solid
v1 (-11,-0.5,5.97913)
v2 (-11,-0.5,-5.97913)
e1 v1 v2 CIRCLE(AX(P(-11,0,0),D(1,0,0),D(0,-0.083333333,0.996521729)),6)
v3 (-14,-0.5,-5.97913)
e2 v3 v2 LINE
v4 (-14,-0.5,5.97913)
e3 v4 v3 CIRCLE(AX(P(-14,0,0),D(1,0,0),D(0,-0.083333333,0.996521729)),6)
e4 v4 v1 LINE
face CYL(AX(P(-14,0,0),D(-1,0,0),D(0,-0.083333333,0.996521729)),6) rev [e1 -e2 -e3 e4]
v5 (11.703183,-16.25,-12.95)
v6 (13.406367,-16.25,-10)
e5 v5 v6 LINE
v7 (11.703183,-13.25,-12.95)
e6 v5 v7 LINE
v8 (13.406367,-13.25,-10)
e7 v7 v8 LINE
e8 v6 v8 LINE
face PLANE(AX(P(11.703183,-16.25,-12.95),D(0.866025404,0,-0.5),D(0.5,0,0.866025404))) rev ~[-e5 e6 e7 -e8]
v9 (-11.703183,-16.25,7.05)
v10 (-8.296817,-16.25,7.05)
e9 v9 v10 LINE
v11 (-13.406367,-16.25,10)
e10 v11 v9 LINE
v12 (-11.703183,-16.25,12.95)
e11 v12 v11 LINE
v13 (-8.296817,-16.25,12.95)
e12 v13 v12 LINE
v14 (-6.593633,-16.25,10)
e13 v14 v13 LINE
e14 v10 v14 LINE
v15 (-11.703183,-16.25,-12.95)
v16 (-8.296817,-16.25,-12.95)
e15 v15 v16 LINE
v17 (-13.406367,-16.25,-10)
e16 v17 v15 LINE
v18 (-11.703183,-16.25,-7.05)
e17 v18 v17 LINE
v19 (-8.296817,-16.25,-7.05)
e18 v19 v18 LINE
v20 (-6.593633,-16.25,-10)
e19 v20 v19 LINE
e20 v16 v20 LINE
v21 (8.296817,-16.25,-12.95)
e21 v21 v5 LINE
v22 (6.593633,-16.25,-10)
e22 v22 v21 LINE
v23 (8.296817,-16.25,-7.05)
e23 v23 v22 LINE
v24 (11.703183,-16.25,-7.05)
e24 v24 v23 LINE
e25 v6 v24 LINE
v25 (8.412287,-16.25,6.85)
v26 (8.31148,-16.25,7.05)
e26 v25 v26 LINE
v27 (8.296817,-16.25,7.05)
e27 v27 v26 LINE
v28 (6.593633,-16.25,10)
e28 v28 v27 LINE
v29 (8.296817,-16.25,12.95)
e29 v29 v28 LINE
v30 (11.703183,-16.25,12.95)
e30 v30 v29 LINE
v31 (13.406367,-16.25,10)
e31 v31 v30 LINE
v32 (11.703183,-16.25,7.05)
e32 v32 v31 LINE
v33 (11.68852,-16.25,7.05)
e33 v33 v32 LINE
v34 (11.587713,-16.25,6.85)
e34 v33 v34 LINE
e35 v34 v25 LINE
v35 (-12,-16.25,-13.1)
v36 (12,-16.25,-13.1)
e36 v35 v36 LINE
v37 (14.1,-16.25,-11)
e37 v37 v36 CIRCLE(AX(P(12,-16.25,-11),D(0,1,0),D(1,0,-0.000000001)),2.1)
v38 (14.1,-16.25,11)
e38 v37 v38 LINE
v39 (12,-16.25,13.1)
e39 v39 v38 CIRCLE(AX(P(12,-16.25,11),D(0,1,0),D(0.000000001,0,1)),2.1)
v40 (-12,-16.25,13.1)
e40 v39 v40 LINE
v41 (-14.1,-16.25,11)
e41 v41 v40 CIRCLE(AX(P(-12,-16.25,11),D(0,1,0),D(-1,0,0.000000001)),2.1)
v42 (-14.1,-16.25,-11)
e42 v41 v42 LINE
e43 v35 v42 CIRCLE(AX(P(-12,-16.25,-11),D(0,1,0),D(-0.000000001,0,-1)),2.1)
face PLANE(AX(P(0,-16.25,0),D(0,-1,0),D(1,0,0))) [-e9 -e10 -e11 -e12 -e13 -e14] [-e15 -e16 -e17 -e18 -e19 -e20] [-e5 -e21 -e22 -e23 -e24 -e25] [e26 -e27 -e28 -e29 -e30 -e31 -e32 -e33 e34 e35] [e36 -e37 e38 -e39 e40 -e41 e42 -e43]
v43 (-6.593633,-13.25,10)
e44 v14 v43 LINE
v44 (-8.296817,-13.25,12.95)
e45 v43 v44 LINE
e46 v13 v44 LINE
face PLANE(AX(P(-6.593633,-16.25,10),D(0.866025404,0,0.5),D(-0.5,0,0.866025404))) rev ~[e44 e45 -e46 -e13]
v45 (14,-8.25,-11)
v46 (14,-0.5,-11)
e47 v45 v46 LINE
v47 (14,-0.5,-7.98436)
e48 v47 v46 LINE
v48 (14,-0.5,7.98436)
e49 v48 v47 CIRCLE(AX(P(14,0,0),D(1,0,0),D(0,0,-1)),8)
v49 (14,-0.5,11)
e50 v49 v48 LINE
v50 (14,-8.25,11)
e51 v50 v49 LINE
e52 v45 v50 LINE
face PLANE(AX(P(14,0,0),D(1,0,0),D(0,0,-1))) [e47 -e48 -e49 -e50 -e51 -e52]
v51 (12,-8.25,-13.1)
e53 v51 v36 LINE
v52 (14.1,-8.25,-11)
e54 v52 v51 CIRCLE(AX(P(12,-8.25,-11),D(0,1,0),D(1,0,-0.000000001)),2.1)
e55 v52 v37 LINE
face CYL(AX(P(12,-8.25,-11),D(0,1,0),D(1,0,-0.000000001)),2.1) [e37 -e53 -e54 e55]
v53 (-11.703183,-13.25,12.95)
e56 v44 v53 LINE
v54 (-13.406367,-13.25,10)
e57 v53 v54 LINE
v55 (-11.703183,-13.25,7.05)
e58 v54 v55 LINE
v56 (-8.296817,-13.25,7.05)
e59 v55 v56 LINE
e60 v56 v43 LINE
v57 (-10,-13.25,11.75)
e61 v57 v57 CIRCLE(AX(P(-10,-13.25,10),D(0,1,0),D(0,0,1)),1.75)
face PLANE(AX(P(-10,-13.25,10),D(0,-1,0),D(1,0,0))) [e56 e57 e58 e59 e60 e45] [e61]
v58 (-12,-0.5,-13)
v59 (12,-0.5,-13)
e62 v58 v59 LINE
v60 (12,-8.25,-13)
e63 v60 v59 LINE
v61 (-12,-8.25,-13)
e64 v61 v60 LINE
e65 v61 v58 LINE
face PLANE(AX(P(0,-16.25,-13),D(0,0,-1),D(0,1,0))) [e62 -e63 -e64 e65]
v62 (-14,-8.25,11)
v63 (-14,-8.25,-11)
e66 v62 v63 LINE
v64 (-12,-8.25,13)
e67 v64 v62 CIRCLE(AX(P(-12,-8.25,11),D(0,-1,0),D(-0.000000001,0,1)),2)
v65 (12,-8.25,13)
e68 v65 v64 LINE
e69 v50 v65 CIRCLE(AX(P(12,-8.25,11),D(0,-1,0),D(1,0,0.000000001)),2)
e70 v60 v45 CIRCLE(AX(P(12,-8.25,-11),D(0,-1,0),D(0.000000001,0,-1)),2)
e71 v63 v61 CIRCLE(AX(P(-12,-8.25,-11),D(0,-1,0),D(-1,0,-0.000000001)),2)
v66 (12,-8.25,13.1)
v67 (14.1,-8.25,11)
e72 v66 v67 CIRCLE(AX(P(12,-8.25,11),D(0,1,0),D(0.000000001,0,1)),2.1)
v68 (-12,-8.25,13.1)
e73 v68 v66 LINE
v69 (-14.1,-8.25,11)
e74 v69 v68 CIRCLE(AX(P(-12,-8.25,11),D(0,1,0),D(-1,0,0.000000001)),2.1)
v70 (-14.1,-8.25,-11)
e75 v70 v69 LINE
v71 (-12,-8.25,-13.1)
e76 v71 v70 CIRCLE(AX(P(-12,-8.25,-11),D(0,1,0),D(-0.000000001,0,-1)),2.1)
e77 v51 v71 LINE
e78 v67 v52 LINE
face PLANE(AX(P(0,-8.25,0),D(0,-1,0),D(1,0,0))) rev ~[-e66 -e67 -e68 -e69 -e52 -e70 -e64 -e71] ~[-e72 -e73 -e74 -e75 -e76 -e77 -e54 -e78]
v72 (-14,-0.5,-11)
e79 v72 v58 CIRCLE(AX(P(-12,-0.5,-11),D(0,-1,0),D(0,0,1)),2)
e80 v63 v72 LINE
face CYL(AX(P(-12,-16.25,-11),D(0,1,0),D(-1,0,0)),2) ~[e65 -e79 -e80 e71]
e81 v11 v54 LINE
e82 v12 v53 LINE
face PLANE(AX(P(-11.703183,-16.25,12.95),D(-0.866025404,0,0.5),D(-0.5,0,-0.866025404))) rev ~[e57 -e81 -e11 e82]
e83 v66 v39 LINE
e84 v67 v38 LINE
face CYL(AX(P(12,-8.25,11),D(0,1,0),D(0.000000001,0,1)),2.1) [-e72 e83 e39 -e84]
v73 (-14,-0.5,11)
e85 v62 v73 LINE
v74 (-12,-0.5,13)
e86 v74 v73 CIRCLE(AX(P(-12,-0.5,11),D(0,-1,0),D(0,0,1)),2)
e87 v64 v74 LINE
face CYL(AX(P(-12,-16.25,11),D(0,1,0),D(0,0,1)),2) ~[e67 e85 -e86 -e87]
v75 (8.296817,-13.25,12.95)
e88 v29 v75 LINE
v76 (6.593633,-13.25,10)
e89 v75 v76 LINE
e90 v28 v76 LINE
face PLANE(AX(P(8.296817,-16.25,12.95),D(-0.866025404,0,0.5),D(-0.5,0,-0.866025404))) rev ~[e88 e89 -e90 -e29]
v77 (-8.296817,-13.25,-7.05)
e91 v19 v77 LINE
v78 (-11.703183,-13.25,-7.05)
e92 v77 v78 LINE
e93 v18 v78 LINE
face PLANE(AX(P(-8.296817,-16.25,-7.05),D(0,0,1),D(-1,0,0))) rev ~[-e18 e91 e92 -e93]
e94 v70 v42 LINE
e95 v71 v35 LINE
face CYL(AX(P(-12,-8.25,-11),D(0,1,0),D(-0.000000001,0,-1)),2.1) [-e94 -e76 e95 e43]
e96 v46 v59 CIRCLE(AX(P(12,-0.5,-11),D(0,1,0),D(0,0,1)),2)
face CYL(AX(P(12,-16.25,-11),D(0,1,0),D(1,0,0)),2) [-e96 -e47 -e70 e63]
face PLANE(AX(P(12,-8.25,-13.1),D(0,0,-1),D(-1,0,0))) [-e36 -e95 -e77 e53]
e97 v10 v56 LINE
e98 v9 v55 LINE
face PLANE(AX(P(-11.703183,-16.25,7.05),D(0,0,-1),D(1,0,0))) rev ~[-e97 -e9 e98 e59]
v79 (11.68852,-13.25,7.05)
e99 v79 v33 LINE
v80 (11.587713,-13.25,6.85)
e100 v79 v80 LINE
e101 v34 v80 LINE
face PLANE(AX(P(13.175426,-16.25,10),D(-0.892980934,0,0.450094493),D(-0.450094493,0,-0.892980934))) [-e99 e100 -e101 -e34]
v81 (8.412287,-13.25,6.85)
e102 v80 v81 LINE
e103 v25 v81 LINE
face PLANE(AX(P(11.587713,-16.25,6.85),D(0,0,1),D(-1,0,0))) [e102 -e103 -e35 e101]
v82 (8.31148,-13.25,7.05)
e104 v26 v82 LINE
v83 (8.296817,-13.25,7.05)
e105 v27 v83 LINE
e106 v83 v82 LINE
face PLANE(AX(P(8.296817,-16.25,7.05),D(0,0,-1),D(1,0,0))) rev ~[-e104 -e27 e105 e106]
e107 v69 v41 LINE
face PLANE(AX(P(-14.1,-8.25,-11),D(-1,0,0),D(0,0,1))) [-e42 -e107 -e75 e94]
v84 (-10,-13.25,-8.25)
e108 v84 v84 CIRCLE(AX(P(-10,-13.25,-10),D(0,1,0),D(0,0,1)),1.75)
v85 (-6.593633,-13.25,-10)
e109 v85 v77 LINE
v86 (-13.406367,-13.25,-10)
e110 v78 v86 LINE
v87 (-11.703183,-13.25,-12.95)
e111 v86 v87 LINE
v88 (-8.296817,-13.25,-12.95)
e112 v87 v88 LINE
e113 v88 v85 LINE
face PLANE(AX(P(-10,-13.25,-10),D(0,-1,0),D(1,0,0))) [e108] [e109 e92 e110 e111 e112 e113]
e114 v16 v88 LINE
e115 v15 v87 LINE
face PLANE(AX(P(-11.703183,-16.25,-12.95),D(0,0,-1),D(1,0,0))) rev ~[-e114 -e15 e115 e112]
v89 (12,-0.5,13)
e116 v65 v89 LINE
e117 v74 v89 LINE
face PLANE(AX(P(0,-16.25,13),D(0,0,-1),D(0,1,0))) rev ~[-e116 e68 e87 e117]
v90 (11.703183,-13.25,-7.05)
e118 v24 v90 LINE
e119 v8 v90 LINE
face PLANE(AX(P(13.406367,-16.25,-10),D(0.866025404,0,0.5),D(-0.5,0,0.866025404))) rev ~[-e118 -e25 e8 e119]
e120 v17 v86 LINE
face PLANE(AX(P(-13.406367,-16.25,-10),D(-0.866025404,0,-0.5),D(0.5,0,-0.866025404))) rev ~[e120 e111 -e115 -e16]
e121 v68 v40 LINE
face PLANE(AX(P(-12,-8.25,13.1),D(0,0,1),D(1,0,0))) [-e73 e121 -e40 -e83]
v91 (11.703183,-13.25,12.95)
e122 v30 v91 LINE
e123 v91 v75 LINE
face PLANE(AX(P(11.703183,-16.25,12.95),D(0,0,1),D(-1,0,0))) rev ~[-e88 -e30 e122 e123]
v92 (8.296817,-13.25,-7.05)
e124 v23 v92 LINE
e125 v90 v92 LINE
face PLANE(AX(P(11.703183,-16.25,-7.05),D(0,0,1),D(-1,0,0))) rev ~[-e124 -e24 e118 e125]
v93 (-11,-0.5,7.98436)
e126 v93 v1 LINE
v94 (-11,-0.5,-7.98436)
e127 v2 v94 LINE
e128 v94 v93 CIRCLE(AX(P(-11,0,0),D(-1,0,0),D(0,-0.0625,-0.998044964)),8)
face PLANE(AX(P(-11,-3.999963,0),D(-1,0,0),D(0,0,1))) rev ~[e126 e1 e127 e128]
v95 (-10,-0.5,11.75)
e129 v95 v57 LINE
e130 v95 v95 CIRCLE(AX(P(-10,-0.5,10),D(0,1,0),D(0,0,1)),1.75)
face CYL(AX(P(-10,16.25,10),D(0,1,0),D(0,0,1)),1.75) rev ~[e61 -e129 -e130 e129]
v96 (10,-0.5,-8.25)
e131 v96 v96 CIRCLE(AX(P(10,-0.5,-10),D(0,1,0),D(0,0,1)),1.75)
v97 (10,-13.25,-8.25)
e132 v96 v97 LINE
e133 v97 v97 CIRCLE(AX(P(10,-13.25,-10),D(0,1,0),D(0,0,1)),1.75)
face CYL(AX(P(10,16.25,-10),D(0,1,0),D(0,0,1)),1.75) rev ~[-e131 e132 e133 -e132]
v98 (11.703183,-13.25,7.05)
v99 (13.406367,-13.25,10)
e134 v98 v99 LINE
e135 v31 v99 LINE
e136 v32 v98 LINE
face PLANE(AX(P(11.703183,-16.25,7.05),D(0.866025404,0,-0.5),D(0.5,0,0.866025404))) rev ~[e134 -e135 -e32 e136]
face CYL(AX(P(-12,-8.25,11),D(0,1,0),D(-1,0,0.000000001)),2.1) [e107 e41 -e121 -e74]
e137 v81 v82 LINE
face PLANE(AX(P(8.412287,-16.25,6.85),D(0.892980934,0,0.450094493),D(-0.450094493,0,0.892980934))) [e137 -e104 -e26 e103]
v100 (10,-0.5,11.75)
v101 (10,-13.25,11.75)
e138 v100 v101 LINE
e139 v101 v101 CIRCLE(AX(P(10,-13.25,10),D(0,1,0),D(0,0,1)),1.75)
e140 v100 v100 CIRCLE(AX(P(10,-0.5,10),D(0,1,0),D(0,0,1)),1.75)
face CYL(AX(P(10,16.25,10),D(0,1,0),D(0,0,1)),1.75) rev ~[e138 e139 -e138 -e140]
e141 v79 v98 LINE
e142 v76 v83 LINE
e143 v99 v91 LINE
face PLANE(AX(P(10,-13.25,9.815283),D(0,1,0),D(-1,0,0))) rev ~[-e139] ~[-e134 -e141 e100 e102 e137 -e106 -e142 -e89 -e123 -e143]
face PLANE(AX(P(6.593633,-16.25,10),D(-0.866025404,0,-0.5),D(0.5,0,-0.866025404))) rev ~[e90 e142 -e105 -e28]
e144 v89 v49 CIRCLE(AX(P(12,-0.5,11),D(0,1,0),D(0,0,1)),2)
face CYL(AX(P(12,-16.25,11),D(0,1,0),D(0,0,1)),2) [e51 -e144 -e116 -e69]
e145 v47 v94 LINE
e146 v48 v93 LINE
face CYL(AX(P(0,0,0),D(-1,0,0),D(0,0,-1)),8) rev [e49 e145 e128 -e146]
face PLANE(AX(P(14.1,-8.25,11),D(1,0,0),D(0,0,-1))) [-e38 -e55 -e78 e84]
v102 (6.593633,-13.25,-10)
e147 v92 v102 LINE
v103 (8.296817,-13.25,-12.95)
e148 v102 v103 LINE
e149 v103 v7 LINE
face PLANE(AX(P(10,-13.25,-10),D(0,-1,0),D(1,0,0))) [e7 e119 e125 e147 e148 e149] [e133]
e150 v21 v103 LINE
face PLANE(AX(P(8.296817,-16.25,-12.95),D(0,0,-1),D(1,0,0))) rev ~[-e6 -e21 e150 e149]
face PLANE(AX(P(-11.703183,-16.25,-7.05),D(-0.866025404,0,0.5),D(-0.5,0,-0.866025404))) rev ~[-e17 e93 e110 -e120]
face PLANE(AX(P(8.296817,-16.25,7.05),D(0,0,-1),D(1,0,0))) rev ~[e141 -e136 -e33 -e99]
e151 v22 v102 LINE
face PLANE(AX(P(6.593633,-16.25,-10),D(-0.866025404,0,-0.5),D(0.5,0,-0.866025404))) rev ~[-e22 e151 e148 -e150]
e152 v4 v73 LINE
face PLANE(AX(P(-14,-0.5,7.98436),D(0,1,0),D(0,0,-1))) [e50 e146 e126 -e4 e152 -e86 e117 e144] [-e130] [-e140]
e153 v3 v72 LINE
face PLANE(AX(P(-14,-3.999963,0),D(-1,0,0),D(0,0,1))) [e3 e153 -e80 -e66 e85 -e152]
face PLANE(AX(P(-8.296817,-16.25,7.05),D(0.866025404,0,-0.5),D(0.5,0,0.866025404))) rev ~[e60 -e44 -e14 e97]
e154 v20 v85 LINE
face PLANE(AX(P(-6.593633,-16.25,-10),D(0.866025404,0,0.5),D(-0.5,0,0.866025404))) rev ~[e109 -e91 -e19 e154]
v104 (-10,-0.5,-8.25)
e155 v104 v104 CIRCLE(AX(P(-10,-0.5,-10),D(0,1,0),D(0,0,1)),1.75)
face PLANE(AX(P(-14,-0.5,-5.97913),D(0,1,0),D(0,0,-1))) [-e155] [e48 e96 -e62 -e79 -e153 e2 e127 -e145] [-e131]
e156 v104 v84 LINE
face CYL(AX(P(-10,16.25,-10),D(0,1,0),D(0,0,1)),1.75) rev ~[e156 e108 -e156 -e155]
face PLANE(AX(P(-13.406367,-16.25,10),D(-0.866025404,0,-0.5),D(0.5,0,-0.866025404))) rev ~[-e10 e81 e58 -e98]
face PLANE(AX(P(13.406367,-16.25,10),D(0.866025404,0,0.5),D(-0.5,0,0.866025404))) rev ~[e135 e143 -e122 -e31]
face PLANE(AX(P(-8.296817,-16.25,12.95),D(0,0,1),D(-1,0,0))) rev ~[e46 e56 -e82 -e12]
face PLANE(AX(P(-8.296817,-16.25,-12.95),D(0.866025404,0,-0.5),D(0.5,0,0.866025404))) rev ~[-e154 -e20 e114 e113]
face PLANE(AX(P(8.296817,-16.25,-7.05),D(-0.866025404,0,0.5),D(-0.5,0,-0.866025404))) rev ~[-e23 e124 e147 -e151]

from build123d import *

# Parameters (mm, degrees)
SKETCH1_W           = 26
SKETCH1_H           = 32.5
SKETCH1_R           = 8
BOSS_EXTRUDE1_DEPTH = 14
SKETCH2_R           = 1.75
CUT_EXTRUDE1_DEPTH  = 72
SKETCH3_W           = 26
SKETCH3_H           = 16.75
CUT_EXTRUDE3_DEPTH  = 32
FILLET2_R           = 2
BOSS_EXTRUDE2_DEPTH = 3
CUT_EXTRUDE4_DEPTH  = 3
BOSS_EXTRUDE3_DEPTH = 8
CUT_EXTRUDE5_DEPTH  = 3
CUT_EXTRUDE6_DEPTH  = 25.010414407


with BuildPart() as part:
    # Sketch1 → Boss-Extrude1 (new, symmetric)
    with BuildSketch(Plane(origin=(0, 0, 0), x_dir=(0, 0, -1), z_dir=(1, 0, 0))):
        Rectangle(SKETCH1_W, SKETCH1_H)
        Circle(SKETCH1_R, mode=Mode.SUBTRACT)
    extrude(amount=BOSS_EXTRUDE1_DEPTH, both=True)

    # Sketch2 → Cut-Extrude1 (cut)
    with BuildSketch(Plane(origin=(0, 16.25, 0), x_dir=(1, 0, 0), z_dir=(0, 1, 0))):
        with Locations(Location((-10, 10, 0), (0, 0, 270))):
            Circle(SKETCH2_R)
        with Locations(Location((10, 10, 0), (0, 0, 270))):
            Circle(SKETCH2_R)
        with Locations(Location((10, -10, 0), (0, 0, 270))):
            Circle(SKETCH2_R)
        with Locations(Location((-10, -10, 0), (0, 0, 270))):
            Circle(SKETCH2_R)
    extrude(amount=-CUT_EXTRUDE1_DEPTH, mode=Mode.SUBTRACT)

    # Sketch3 → Cut-Extrude3 (cut)
    with BuildSketch(Plane.ZY.offset(14)):
        with Locations((0, 7.875)):
            Rectangle(SKETCH3_W, SKETCH3_H)
    extrude(amount=-CUT_EXTRUDE3_DEPTH, mode=Mode.SUBTRACT)

    # Fillet2
    fillet2_edges = [part.edges().sort_by_distance(p)[0] for p in [
        (-14, -8.375, 13),
        (14, -8.375, 13),
        (14, -8.375, -13),
        (-14, -8.375, -13),
    ]]
    fillet(fillet2_edges, radius=FILLET2_R)

    # Sketch4 → Boss-Extrude2 (add)
    with BuildSketch(Plane(origin=(-14, 0, 0), x_dir=(0, 0, -1), z_dir=(1, 0, 0))):
        with BuildLine():
            Line((-7.984359711, -0.5), (-5.979130372, -0.5))
            ThreePointArc((-5.979130372, -0.5), (0, -6), (5.979130372, -0.5))
            Line((5.979130372, -0.5), (7.984359711, -0.5))
            ThreePointArc((7.984359711, -0.5), (0, -8), (-7.984359711, -0.5))
        make_face()
    extrude(amount=BOSS_EXTRUDE2_DEPTH)

    # Sketch5 → Cut-Extrude4 (cut)
    with BuildSketch(Plane.XZ.offset(16.25)):
        Polygon((-6.593633412, 10), (-8.296816706, 12.95), (-11.703183294, 12.95), (-13.406366588, 10), (-11.703183294, 7.05), (-8.296816706, 7.05), align=None)
        Polygon((8.41228676, 6.85), (6.824573519, 10), (8.41228676, 12.75), (11.58771324, 12.75), (13.175426481, 10), (11.58771324, 6.85), align=None)
        Polygon((6.824573519, -10), (8.41228676, -12.75), (11.58771324, -12.75), (13.175426481, -10), (11.58771324, -7.25), (8.41228676, -7.25), align=None)
        Polygon((-8.41228676, -7.25), (-6.824573519, -10), (-8.41228676, -12.75), (-11.58771324, -12.75), (-13.175426481, -10), (-11.58771324, -7.25), align=None)
    extrude(amount=-CUT_EXTRUDE4_DEPTH, mode=Mode.SUBTRACT)

    # Sketch6 → Boss-Extrude3 (add)
    with BuildSketch(Plane.XZ.offset(16.25)):
        with BuildLine():
            Line((-12, -15.5), (12, -15.5))
            ThreePointArc((12, -15.5), (15.181980515, -14.181980515), (16.5, -11))
            Line((16.5, -11), (16.5, 11))
            ThreePointArc((16.5, 11), (15.181980515, 14.181980515), (12, 15.5))
            Line((12, 15.5), (-12, 15.5))
            ThreePointArc((-12, 15.5), (-15.181980515, 14.181980515), (-16.5, 11))
            Line((-16.5, 11), (-16.5, -11))
            ThreePointArc((-16.5, -11), (-15.181980515, -14.181980515), (-12, -15.5))
        make_face()
        with BuildLine():
            Line((-12, -13), (12, -13))
            ThreePointArc((12, -13), (13.414213562, -12.414213562), (14, -11))
            Line((14, -11), (14, 11))
            ThreePointArc((14, 11), (13.414213562, 12.414213562), (12, 13))
            Line((12, 13), (-12, 13))
            ThreePointArc((-12, 13), (-13.414213562, 12.414213562), (-14, 11))
            Line((-14, 11), (-14, -11))
            ThreePointArc((-14, -11), (-13.414213562, -12.414213562), (-12, -13))
        make_face(mode=Mode.SUBTRACT)
    extrude(amount=-BOSS_EXTRUDE3_DEPTH)

    # Sketch7 → Cut-Extrude5 (cut)
    with BuildSketch(Plane.XZ.offset(16.25)):
        Polygon((-6.593633412, 10), (-8.296816706, 12.95), (-11.703183294, 12.95), (-13.406366588, 10), (-11.703183294, 7.05), (-8.296816706, 7.05), align=None)
        Polygon((13.406366588, 10), (11.703183294, 12.95), (8.296816706, 12.95), (6.593633412, 10), (8.296816706, 7.05), (11.703183294, 7.05), align=None)
        Polygon((-6.593633412, -10), (-8.296816706, -7.05), (-11.703183294, -7.05), (-13.406366588, -10), (-11.703183294, -12.95), (-8.296816706, -12.95), align=None)
        Polygon((13.406366588, -10), (11.703183294, -7.05), (8.296816706, -7.05), (6.593633412, -10), (8.296816706, -12.95), (11.703183294, -12.95), align=None)
    extrude(amount=-CUT_EXTRUDE5_DEPTH, mode=Mode.SUBTRACT)

    # Sketch8 → Cut-Extrude6 (cut, through all)
    with BuildSketch(Plane(origin=(0, -8.25, 0), x_dir=(1, 0, 0), z_dir=(0, 1, 0))):
        with BuildLine():
            Line((-12, -15.7), (12, -15.7))
            ThreePointArc((12, -15.7), (15.323401872, -14.323401872), (16.7, -11))
            Line((16.7, -11), (16.7, 11))
            ThreePointArc((16.7, 11), (15.323401872, 14.323401872), (12, 15.7))
            Line((12, 15.7), (-12, 15.7))
            ThreePointArc((-12, 15.7), (-15.323401872, 14.323401872), (-16.7, 11))
            Line((-16.7, 11), (-16.7, -11))
            ThreePointArc((-16.7, -11), (-15.323401872, -14.323401872), (-12, -15.7))
        make_face()
        with BuildLine():
            Line((-14.1, 11), (-14.1, -11))
            ThreePointArc((-14.1, -11), (-13.48492424, -12.48492424), (-12, -13.1))
            Line((-12, -13.1), (12, -13.1))
            ThreePointArc((12, -13.1), (13.48492424, -12.48492424), (14.1, -11))
            Line((14.1, -11), (14.1, 11))
            ThreePointArc((14.1, 11), (13.48492424, 12.48492424), (12, 13.1))
            Line((12, 13.1), (-12, 13.1))
            ThreePointArc((-12, 13.1), (-13.48492424, 12.48492424), (-14.1, 11))
        make_face(mode=Mode.SUBTRACT)
    extrude(amount=-CUT_EXTRUDE6_DEPTH, mode=Mode.SUBTRACT)


solid = part.part
